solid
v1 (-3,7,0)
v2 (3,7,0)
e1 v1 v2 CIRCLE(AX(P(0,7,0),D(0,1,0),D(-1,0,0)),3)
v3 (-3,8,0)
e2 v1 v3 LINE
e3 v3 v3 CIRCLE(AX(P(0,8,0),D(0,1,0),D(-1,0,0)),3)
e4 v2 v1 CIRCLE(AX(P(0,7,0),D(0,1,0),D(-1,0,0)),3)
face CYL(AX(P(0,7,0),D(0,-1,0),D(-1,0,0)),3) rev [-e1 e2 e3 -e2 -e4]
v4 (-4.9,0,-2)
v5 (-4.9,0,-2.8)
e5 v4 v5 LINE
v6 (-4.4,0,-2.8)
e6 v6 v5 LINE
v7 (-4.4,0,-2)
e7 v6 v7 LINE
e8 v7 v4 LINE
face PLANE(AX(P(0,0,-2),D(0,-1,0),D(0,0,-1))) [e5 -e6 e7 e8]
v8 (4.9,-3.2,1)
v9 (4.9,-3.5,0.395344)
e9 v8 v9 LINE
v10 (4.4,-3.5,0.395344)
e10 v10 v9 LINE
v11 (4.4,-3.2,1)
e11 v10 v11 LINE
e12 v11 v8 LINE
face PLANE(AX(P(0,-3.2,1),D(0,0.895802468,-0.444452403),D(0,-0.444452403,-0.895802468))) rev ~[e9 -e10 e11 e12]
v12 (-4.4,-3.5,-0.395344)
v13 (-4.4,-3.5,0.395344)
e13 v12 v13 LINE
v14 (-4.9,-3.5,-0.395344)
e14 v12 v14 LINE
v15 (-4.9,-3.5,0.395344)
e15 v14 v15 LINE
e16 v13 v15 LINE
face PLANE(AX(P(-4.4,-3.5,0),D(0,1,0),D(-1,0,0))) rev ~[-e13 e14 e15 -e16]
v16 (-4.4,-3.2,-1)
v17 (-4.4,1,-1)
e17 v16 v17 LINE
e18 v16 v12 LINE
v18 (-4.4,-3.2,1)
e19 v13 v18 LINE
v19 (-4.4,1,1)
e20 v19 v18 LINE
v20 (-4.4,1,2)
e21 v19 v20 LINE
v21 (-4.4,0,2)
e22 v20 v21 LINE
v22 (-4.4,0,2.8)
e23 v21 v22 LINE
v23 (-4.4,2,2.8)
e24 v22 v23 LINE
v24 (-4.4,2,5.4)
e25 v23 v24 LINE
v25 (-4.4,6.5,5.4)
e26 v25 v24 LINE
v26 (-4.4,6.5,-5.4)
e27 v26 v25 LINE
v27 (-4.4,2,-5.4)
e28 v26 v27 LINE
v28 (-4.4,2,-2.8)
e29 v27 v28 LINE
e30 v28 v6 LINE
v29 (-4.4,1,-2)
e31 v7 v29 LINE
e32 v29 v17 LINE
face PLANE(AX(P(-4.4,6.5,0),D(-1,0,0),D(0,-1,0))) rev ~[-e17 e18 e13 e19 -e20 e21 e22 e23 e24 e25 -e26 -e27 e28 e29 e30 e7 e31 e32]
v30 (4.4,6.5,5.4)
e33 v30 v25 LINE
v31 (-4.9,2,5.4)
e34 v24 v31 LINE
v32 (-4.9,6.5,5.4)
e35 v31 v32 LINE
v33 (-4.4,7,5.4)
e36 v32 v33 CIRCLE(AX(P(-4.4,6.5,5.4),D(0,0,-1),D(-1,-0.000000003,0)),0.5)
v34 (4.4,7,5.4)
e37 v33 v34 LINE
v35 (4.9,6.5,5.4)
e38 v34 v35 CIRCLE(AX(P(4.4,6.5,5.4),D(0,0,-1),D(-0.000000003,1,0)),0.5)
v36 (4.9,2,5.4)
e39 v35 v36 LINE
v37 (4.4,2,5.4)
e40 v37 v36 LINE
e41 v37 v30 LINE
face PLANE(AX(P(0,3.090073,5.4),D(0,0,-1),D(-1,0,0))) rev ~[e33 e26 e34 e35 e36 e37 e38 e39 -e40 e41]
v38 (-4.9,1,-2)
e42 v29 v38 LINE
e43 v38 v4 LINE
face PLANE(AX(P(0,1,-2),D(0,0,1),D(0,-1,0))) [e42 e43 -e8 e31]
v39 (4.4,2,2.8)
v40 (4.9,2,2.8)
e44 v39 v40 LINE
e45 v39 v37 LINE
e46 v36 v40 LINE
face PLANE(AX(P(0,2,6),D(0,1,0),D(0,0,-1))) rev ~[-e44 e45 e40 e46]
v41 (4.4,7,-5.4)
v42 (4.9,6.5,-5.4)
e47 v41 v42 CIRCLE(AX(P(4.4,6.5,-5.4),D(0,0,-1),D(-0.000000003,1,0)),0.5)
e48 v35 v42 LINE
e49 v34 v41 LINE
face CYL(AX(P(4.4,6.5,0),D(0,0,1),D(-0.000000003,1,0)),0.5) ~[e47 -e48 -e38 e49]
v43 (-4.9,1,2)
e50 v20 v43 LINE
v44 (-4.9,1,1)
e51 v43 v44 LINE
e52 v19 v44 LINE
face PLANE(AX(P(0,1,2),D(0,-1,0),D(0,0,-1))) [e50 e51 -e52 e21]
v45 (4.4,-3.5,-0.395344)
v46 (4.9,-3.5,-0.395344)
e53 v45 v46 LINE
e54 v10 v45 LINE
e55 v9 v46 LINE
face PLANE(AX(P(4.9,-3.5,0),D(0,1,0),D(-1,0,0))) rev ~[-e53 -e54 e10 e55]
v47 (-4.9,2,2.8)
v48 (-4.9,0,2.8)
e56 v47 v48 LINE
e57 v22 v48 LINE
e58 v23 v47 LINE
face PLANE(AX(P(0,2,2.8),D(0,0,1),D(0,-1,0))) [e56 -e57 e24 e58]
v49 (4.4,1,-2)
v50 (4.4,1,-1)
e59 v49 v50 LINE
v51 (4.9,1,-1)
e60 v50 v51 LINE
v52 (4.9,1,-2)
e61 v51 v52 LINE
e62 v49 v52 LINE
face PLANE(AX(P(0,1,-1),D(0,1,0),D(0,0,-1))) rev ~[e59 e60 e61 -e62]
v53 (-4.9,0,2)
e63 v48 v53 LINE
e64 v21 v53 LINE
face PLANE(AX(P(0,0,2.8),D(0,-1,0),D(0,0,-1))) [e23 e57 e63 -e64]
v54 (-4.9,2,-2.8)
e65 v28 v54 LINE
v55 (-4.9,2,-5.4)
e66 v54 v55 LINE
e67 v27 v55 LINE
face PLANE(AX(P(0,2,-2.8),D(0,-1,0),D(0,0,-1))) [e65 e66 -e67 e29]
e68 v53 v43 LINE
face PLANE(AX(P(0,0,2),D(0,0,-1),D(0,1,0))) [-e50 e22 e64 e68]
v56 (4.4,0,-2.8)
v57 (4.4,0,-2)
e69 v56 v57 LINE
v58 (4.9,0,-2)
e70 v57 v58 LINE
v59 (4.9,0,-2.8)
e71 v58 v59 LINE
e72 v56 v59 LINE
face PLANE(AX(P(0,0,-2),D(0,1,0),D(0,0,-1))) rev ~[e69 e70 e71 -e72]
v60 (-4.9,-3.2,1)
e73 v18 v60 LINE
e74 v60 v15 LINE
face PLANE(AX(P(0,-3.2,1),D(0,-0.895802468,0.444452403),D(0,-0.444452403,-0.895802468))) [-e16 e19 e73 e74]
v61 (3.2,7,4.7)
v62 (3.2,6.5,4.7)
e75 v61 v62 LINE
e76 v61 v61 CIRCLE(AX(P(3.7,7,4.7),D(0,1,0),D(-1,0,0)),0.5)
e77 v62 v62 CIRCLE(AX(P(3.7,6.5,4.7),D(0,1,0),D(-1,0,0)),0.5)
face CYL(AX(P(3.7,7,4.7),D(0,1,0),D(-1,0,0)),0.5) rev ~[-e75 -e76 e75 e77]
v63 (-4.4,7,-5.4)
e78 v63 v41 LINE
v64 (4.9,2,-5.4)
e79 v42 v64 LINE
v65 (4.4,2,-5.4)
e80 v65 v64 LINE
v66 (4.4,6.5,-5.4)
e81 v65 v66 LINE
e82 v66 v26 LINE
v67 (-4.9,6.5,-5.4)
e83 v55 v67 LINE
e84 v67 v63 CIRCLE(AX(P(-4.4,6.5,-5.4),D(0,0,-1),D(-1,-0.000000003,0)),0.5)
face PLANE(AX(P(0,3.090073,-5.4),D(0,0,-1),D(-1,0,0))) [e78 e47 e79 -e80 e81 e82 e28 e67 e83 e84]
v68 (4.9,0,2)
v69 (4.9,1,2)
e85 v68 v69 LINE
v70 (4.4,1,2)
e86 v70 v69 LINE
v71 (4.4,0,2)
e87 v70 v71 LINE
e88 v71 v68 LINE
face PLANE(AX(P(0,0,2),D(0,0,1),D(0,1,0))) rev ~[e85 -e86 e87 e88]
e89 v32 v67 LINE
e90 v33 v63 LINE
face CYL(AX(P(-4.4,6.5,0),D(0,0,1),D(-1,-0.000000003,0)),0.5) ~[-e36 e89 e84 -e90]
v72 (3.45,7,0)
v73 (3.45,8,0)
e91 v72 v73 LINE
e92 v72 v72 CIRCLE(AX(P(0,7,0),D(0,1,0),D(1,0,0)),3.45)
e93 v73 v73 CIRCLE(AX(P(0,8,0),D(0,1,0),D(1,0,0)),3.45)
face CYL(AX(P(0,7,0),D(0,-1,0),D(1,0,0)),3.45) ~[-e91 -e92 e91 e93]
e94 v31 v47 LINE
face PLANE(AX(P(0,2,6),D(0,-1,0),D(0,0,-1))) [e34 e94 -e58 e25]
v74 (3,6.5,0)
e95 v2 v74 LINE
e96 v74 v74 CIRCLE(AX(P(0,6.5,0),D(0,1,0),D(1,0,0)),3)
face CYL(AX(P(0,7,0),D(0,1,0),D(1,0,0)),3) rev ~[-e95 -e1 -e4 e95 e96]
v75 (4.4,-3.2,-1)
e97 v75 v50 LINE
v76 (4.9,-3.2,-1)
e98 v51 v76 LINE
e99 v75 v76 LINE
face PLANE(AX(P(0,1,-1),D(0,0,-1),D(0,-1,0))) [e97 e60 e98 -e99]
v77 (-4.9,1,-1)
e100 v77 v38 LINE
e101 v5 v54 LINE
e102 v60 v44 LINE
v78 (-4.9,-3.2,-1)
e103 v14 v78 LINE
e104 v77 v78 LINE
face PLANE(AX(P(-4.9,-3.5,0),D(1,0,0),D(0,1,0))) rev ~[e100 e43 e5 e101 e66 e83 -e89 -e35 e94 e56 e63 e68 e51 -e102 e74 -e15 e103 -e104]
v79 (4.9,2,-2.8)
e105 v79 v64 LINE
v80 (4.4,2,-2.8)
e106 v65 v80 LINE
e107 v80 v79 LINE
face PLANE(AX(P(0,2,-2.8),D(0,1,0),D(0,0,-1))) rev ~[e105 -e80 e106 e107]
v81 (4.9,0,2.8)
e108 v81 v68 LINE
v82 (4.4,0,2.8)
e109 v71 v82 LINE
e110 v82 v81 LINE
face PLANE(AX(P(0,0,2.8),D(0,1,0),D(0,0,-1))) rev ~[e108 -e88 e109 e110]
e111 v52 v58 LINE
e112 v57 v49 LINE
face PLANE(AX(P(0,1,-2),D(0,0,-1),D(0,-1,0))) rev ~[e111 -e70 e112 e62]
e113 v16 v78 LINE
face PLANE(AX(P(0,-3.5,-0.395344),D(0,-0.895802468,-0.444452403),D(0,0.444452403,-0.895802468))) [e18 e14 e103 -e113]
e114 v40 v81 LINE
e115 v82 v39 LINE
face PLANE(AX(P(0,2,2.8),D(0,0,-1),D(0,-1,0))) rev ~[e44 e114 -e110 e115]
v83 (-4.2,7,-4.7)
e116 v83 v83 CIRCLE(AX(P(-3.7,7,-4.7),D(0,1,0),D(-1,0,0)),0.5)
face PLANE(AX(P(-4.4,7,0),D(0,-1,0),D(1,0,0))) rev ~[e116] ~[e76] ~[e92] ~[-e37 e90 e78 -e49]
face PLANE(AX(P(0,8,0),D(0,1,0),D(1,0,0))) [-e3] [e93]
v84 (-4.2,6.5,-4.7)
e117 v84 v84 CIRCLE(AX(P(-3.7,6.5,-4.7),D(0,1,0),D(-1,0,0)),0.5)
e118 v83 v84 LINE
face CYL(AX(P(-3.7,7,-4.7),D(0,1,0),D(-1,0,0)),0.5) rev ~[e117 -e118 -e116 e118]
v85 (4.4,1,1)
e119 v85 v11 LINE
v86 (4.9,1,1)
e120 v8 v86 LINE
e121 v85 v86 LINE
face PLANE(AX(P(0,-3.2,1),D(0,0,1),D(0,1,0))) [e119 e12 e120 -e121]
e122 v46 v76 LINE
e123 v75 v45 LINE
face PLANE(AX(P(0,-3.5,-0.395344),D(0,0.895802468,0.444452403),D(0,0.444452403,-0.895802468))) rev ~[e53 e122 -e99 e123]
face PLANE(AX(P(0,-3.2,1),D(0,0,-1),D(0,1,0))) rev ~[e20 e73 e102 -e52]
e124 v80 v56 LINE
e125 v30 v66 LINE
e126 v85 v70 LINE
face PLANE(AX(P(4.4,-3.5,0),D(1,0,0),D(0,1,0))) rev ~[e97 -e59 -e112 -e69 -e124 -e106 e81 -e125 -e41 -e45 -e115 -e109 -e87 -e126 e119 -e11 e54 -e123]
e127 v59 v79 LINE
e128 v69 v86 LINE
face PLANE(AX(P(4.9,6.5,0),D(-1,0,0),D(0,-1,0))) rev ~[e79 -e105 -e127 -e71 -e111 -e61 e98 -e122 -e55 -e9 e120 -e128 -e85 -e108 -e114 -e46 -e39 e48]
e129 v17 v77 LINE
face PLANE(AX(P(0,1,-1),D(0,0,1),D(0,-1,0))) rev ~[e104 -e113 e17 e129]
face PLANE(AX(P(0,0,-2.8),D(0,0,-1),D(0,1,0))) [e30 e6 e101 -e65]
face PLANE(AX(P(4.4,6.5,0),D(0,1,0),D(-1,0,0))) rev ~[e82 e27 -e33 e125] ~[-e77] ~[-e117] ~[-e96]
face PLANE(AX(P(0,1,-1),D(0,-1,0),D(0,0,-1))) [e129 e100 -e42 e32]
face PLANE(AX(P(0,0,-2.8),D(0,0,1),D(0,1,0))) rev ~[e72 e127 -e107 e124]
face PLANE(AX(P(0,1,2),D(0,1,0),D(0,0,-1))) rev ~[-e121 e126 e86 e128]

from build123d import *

# Parameters (mm, degrees)
EXTRU_MINCE1_DEPTH           = 5.4
EXTRU_MINCE1_DEPTH_BACK      = 5.4
ENL_V_MAT_EXTRU_1_DEPTH      = 5.9
ENL_V_MAT_EXTRU_1_DEPTH_BACK = 5.9
ESQUISSE4_R                  = 0.5
ENL_V_MAT_EXTRU_2_DEPTH      = 11.5
ESQUISSE5_R                  = 3.45
ESQUISSE5_R_2                = 3
BOSS_EXTRU_1_DEPTH           = 1
ESQUISSE6_R                  = 3
ENL_V_MAT_EXTRU_3_DEPTH      = 11.5


with BuildPart() as part:
    # Esquisse1 → Extru.-Mince1 (new body, two sides)
    with BuildSketch(Plane.XY) as extru_mince1_sk:
        with BuildLine():
            Line((-4.9, -3.5), (-4.9, 6.5))
            ThreePointArc((-4.9, 6.5), (-4.753553391, 6.853553391), (-4.4, 7))
            Line((-4.4, 7), (4.4, 7))
            ThreePointArc((4.4, 7), (4.753553391, 6.853553391), (4.9, 6.5))
            Line((4.9, 6.5), (4.9, -3.5))
            Line((4.9, -3.5), (4.4, -3.5))
            Line((4.4, -3.5), (4.4, 6.5))
            Line((4.4, 6.5), (-4.4, 6.5))
            Line((-4.4, 6.5), (-4.4, -3.5))
            Line((-4.4, -3.5), (-4.9, -3.5))
        make_face()
    extrude(amount=EXTRU_MINCE1_DEPTH)
    extrude(extru_mince1_sk.sketch, amount=-EXTRU_MINCE1_DEPTH_BACK)

    # Esquisse3 → Enlèv. mat.-Extru.1 (cut, two sides)
    with BuildSketch(Plane(origin=(0, 0, 0), x_dir=(0, 0, -1), z_dir=(1, 0, 0))) as enl_v_mat_extru_1_sk:
        Polygon((-6, 2), (-2.8, 2), (-2.8, 0), (-2, 0), (-2, 1), (-1, 1), (-1, 0), (-1, -3.2), (-0.395344162, -3.5), (0.395344162, -3.5), (1, -3.2), (1, 0), (1, 1), (2, 1), (2, 0), (2.8, 0), (2.8, 2), (6, 2), (6, -5), (-6, -5), align=None)
    extrude(amount=ENL_V_MAT_EXTRU_1_DEPTH, mode=Mode.SUBTRACT)
    extrude(enl_v_mat_extru_1_sk.sketch, amount=-ENL_V_MAT_EXTRU_1_DEPTH_BACK, mode=Mode.SUBTRACT)

    # Esquisse4 → Enlèv. mat.-Extru.2 (cut, through all)
    with BuildSketch(Plane(origin=(0, 7, 0), x_dir=(1, 0, 0), z_dir=(0, 1, 0))):
        with Locations(Location((-3.7, 4.7, 0), (0, 0, 180))):  # turned: the seam where the file's is
            Circle(ESQUISSE4_R)
        with Locations(Location((3.7, -4.7, 0), (0, 0, 180))):  # turned: the seam where the file's is
            Circle(ESQUISSE4_R)
    extrude(amount=-ENL_V_MAT_EXTRU_2_DEPTH, mode=Mode.SUBTRACT)

    # Esquisse5 → Boss.-Extru.1 (add)
    with BuildSketch(Plane(origin=(0, 7, 0), x_dir=(1, 0, 0), z_dir=(0, 1, 0))):
        Circle(ESQUISSE5_R)
        with Locations(Location((0, 0, 0), (0, 0, 180))):  # turned: the seam where the file's is
            Circle(ESQUISSE5_R_2, mode=Mode.SUBTRACT)
    extrude(amount=BOSS_EXTRU_1_DEPTH)

    # Esquisse6 → Enlèv. mat.-Extru.3 (cut, through all)
    with BuildSketch(Plane(origin=(0, 7, 0), x_dir=(1, 0, 0), z_dir=(0, 1, 0))):
        Circle(ESQUISSE6_R)
    extrude(amount=-ENL_V_MAT_EXTRU_3_DEPTH, mode=Mode.SUBTRACT)


solid = part.part
